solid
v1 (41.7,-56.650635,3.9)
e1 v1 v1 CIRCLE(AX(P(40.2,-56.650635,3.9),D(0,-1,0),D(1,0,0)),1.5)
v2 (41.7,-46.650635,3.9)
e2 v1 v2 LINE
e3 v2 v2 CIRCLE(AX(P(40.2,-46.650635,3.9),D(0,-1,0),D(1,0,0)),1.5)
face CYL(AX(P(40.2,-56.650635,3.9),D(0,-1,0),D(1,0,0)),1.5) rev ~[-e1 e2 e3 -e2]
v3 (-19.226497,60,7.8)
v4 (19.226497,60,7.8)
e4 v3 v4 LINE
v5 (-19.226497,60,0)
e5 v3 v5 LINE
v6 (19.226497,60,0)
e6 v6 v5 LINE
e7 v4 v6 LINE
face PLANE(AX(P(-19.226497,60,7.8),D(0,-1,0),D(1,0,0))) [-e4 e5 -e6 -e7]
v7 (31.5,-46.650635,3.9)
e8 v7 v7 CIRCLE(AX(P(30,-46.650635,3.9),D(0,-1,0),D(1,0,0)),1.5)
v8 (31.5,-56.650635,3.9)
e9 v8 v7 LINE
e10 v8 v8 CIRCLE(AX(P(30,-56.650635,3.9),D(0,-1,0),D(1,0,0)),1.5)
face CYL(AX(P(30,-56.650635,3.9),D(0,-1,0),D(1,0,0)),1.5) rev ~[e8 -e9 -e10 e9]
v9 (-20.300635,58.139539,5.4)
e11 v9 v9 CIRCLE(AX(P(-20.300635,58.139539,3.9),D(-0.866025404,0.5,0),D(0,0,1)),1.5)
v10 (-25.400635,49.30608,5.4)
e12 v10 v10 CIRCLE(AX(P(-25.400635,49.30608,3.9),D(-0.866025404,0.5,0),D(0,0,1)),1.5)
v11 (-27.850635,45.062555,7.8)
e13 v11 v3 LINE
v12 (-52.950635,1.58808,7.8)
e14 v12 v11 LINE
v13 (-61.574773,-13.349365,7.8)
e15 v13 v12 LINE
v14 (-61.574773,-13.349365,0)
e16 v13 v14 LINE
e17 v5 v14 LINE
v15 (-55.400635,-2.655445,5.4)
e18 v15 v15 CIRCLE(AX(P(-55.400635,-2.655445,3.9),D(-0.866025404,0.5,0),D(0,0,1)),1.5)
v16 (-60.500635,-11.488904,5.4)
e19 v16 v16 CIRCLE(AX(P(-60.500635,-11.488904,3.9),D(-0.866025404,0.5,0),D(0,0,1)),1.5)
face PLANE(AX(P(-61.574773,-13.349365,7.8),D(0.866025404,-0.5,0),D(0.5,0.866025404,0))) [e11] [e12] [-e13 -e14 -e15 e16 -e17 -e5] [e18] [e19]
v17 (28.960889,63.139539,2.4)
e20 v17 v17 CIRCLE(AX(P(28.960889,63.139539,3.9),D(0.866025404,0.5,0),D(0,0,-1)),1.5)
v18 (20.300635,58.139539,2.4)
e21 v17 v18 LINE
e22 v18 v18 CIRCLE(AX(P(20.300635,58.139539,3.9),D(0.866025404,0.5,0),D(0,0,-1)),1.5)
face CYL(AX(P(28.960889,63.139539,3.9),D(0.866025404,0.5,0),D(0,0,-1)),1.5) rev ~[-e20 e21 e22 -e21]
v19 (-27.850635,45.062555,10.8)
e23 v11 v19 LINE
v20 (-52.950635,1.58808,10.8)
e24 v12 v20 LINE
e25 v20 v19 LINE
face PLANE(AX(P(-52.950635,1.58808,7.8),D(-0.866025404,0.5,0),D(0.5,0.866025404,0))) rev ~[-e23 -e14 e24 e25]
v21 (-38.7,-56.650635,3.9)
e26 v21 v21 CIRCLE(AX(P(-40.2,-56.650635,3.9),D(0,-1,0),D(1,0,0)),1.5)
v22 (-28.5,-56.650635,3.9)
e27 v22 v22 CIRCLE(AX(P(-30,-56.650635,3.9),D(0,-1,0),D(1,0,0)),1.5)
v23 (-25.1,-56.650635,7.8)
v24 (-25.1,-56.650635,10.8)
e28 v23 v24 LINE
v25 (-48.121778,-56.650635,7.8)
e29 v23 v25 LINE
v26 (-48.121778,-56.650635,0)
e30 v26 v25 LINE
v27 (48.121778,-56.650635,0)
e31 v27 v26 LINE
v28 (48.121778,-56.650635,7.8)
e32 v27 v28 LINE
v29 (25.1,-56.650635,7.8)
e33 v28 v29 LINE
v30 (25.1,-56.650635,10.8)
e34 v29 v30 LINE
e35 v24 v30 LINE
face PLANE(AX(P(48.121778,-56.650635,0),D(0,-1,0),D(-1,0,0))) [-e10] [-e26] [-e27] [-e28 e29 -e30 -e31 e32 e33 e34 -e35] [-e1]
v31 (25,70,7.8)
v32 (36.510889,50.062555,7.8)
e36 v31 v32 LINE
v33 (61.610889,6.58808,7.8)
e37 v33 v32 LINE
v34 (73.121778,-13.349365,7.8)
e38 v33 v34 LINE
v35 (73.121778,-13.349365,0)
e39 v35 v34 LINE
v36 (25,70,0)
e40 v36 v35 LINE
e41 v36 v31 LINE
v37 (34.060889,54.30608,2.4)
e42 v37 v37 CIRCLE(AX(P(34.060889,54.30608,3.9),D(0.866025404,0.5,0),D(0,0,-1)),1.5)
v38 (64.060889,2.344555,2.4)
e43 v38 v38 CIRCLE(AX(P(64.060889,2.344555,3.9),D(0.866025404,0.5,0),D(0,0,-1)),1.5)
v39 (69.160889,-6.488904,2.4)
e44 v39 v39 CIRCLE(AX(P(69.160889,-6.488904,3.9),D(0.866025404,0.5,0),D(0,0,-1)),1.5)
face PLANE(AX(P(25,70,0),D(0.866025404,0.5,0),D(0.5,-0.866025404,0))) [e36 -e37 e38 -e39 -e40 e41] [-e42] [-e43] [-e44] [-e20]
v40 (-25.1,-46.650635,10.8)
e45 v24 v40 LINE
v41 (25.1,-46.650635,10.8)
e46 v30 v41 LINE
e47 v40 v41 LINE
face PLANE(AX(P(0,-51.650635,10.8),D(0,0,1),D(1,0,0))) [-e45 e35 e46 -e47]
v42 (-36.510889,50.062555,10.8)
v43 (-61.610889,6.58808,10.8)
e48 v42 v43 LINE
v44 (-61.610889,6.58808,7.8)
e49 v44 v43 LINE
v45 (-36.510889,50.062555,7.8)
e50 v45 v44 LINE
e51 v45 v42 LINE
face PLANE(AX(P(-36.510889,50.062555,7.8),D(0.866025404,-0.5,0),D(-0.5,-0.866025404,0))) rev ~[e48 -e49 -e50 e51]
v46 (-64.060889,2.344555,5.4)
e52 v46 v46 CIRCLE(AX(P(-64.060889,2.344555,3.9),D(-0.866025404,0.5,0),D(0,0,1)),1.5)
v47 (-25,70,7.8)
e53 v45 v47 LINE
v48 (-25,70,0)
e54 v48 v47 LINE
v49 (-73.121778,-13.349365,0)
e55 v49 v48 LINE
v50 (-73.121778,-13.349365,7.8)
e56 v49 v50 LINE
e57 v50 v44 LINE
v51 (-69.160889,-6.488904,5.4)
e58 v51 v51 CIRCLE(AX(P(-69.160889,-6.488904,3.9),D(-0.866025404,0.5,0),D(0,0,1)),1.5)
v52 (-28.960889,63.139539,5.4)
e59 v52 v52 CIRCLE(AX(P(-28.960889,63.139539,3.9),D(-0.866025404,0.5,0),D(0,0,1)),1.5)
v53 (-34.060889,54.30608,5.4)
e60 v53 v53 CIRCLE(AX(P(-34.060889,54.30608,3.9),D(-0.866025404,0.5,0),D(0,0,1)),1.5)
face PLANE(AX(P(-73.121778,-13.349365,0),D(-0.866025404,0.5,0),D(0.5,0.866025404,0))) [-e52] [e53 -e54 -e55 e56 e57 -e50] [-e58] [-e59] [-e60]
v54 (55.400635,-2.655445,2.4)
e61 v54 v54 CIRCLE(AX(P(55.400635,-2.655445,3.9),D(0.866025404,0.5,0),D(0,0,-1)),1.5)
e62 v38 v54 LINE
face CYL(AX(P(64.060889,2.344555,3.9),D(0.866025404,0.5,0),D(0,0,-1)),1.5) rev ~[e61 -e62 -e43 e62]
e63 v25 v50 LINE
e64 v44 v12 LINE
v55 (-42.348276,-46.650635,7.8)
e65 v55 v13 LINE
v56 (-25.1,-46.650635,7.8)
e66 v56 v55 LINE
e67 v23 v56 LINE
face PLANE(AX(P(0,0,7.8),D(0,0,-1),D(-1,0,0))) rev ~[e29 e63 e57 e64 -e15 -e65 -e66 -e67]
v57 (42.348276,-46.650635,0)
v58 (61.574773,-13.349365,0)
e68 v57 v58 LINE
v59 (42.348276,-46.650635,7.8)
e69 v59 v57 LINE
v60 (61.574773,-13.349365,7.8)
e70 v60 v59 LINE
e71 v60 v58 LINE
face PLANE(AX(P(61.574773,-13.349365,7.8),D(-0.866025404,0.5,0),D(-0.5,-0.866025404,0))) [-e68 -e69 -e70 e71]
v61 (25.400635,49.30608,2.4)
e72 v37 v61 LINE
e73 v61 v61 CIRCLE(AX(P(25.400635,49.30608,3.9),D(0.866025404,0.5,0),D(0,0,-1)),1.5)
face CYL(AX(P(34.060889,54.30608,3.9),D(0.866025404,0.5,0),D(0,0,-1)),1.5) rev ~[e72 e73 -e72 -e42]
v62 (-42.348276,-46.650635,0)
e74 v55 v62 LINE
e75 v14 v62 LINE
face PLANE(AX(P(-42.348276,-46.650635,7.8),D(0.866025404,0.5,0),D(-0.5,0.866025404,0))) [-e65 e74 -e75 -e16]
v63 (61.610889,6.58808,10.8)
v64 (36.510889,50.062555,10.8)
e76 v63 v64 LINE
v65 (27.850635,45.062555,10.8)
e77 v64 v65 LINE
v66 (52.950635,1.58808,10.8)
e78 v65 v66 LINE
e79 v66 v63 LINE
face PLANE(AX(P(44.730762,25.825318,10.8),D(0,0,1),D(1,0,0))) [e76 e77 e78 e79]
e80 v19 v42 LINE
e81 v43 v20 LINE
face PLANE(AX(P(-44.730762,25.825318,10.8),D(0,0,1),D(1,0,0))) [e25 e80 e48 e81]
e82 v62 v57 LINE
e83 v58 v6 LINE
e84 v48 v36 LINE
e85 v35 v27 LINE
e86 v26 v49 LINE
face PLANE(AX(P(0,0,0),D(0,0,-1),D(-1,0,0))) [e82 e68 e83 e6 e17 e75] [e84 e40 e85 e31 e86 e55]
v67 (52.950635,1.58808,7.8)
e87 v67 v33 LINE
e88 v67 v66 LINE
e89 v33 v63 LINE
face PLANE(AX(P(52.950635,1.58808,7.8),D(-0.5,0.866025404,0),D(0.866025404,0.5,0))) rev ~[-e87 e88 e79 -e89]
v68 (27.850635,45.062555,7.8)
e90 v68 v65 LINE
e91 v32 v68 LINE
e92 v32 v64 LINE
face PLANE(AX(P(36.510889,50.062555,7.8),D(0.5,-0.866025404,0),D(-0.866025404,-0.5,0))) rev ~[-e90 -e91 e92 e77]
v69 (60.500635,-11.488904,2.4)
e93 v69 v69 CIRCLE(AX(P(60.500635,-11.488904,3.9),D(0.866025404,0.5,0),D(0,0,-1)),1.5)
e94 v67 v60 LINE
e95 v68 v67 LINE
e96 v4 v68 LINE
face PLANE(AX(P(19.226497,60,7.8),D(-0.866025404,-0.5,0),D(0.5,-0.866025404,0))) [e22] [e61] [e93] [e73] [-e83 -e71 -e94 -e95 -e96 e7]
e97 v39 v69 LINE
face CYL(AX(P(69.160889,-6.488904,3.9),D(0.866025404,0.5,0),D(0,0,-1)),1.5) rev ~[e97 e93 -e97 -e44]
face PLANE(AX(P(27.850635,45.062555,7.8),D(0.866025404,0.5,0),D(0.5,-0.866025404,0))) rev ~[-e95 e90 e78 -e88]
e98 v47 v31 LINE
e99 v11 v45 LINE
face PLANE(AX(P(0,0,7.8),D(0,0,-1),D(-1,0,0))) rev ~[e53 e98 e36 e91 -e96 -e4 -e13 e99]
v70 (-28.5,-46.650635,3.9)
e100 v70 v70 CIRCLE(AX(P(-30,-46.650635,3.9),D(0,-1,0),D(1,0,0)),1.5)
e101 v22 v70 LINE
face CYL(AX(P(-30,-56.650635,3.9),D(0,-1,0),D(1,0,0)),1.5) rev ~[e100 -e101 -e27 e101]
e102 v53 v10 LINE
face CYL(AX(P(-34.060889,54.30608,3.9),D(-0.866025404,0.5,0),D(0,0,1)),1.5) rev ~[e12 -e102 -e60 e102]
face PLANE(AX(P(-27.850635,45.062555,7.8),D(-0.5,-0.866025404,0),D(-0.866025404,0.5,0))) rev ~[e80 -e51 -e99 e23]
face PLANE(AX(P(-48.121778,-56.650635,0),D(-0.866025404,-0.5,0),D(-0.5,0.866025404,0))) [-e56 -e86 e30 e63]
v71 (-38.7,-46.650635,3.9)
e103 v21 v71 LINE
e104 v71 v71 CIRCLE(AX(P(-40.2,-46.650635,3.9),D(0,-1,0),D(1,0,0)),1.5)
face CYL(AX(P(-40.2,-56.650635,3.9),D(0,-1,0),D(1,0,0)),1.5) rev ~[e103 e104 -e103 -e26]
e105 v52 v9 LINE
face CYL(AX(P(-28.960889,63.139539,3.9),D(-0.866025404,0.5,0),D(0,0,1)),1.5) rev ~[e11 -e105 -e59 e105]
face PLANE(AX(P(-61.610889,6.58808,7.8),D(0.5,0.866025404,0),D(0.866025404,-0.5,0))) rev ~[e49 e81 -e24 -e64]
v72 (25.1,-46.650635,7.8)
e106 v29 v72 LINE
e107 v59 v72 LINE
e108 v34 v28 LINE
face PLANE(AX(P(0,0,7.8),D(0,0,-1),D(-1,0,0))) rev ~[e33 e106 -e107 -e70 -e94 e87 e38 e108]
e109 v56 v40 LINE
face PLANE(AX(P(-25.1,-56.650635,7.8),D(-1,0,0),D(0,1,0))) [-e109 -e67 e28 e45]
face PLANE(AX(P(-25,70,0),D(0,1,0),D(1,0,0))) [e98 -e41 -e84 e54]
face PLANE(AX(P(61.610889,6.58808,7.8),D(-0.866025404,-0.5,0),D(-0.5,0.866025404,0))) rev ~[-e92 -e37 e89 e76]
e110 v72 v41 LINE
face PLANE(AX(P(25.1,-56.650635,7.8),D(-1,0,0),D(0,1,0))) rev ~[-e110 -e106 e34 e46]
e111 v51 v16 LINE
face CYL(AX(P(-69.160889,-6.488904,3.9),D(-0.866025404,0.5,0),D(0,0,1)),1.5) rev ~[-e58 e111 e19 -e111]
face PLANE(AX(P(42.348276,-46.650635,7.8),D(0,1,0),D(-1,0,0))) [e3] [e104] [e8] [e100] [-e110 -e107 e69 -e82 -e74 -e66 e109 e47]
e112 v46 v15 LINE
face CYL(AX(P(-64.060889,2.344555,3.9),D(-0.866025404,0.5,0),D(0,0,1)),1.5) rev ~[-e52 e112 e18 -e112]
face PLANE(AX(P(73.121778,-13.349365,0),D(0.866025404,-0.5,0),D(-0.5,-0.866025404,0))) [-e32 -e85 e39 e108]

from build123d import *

# Parameters (mm, degrees)
EXTRUDE_1_DEPTH     = 7.8
SKETCH_3_R          = 1.5
CUT_EXTRUDE_1_DEPTH = 12
SKETCH_9_R          = 1.5
CUT_EXTRUDE_2_DEPTH = 12
SKETCH_10_R         = 1.5
CUT_EXTRUDE_3_DEPTH = 12
CUT_EXTRUDE_4_DEPTH = 8.8
SKETCH_14_W         = 50.2
SKETCH_14_H         = 10
EXTRUDE_2_DEPTH     = 3


with BuildPart() as part:
    # 草圖1 → 填料-伸長1 (new body)
    with BuildSketch(Plane.XY):
        Polygon((-25, 70), (25, 70), (73.121778265, -13.349364905), (48.121778265, -56.650635095), (-48.121778265, -56.650635095), (-73.121778265, -13.349364905), align=None)
    extrude(amount=EXTRUDE_1_DEPTH)

    # 草圖3 → 除料-伸長1 (cut)
    with BuildSketch(Plane(origin=(-49.060889132, 28.325317547, 0), x_dir=(0, 0, 1), z_dir=(-0.866025404, 0.5, 0))):
        with Locations((3.9, 40.2)):
            Circle(SKETCH_3_R)
        with Locations((3.9, 30)):
            Circle(SKETCH_3_R)
        with Locations((3.9, -30)):
            Circle(SKETCH_3_R)
        with Locations((3.9, -40.2)):
            Circle(SKETCH_3_R)
    extrude(amount=-CUT_EXTRUDE_1_DEPTH, mode=Mode.SUBTRACT)

    # 草圖9 → 除料-伸長2 (cut)
    with BuildSketch(Plane.XZ.offset(56.650635095)):
        with Locations((-30, 3.9)):
            Circle(SKETCH_9_R)
        with Locations((-40.2, 3.9)):
            Circle(SKETCH_9_R)
        with Locations((40.2, 3.9)):
            Circle(SKETCH_9_R)
        with Locations((30, 3.9)):
            Circle(SKETCH_9_R)
    extrude(amount=-CUT_EXTRUDE_2_DEPTH, mode=Mode.SUBTRACT)

    # 草圖10 → 除料-伸長3 (cut)
    with BuildSketch(Plane(origin=(49.060889132, 28.325317547, 0), x_dir=(0, 0, -1), z_dir=(0.866025404, 0.5, 0))):
        with Locations((-3.9, 40.2)):
            Circle(SKETCH_10_R)
        with Locations((-3.9, 30)):
            Circle(SKETCH_10_R)
        with Locations((-3.9, -30)):
            Circle(SKETCH_10_R)
        with Locations((-3.9, -40.2)):
            Circle(SKETCH_10_R)
    extrude(amount=-CUT_EXTRUDE_3_DEPTH, mode=Mode.SUBTRACT)

    # 草圖13 → 除料-伸長4 (cut, through all)
    with BuildSketch(Plane.XY.offset(7.8)):
        Polygon((-61.574772881, -13.349364905), (-19.226497308, 60), (19.226497308, 60), (61.574772881, -13.349364905), (42.348275573, -46.650635095), (-42.348275573, -46.650635095), align=None)
    extrude(amount=-CUT_EXTRUDE_4_DEPTH, mode=Mode.SUBTRACT)

    # 草圖14 → 填料-伸長2 (add)
    with BuildSketch(Plane.XY.offset(7.8)):
        Polygon((-27.850635095, 45.062555182), (-36.510889132, 50.062555182), (-61.610889132, 6.588079912), (-52.950635095, 1.588079912), align=None)
        Polygon((36.510889132, 50.062555182), (27.850635095, 45.062555182), (52.950635095, 1.588079912), (61.610889132, 6.588079912), align=None)
        with Locations((0, -51.650635095)):
            Rectangle(SKETCH_14_W, SKETCH_14_H)
    extrude(amount=EXTRUDE_2_DEPTH)


solid = part.part
